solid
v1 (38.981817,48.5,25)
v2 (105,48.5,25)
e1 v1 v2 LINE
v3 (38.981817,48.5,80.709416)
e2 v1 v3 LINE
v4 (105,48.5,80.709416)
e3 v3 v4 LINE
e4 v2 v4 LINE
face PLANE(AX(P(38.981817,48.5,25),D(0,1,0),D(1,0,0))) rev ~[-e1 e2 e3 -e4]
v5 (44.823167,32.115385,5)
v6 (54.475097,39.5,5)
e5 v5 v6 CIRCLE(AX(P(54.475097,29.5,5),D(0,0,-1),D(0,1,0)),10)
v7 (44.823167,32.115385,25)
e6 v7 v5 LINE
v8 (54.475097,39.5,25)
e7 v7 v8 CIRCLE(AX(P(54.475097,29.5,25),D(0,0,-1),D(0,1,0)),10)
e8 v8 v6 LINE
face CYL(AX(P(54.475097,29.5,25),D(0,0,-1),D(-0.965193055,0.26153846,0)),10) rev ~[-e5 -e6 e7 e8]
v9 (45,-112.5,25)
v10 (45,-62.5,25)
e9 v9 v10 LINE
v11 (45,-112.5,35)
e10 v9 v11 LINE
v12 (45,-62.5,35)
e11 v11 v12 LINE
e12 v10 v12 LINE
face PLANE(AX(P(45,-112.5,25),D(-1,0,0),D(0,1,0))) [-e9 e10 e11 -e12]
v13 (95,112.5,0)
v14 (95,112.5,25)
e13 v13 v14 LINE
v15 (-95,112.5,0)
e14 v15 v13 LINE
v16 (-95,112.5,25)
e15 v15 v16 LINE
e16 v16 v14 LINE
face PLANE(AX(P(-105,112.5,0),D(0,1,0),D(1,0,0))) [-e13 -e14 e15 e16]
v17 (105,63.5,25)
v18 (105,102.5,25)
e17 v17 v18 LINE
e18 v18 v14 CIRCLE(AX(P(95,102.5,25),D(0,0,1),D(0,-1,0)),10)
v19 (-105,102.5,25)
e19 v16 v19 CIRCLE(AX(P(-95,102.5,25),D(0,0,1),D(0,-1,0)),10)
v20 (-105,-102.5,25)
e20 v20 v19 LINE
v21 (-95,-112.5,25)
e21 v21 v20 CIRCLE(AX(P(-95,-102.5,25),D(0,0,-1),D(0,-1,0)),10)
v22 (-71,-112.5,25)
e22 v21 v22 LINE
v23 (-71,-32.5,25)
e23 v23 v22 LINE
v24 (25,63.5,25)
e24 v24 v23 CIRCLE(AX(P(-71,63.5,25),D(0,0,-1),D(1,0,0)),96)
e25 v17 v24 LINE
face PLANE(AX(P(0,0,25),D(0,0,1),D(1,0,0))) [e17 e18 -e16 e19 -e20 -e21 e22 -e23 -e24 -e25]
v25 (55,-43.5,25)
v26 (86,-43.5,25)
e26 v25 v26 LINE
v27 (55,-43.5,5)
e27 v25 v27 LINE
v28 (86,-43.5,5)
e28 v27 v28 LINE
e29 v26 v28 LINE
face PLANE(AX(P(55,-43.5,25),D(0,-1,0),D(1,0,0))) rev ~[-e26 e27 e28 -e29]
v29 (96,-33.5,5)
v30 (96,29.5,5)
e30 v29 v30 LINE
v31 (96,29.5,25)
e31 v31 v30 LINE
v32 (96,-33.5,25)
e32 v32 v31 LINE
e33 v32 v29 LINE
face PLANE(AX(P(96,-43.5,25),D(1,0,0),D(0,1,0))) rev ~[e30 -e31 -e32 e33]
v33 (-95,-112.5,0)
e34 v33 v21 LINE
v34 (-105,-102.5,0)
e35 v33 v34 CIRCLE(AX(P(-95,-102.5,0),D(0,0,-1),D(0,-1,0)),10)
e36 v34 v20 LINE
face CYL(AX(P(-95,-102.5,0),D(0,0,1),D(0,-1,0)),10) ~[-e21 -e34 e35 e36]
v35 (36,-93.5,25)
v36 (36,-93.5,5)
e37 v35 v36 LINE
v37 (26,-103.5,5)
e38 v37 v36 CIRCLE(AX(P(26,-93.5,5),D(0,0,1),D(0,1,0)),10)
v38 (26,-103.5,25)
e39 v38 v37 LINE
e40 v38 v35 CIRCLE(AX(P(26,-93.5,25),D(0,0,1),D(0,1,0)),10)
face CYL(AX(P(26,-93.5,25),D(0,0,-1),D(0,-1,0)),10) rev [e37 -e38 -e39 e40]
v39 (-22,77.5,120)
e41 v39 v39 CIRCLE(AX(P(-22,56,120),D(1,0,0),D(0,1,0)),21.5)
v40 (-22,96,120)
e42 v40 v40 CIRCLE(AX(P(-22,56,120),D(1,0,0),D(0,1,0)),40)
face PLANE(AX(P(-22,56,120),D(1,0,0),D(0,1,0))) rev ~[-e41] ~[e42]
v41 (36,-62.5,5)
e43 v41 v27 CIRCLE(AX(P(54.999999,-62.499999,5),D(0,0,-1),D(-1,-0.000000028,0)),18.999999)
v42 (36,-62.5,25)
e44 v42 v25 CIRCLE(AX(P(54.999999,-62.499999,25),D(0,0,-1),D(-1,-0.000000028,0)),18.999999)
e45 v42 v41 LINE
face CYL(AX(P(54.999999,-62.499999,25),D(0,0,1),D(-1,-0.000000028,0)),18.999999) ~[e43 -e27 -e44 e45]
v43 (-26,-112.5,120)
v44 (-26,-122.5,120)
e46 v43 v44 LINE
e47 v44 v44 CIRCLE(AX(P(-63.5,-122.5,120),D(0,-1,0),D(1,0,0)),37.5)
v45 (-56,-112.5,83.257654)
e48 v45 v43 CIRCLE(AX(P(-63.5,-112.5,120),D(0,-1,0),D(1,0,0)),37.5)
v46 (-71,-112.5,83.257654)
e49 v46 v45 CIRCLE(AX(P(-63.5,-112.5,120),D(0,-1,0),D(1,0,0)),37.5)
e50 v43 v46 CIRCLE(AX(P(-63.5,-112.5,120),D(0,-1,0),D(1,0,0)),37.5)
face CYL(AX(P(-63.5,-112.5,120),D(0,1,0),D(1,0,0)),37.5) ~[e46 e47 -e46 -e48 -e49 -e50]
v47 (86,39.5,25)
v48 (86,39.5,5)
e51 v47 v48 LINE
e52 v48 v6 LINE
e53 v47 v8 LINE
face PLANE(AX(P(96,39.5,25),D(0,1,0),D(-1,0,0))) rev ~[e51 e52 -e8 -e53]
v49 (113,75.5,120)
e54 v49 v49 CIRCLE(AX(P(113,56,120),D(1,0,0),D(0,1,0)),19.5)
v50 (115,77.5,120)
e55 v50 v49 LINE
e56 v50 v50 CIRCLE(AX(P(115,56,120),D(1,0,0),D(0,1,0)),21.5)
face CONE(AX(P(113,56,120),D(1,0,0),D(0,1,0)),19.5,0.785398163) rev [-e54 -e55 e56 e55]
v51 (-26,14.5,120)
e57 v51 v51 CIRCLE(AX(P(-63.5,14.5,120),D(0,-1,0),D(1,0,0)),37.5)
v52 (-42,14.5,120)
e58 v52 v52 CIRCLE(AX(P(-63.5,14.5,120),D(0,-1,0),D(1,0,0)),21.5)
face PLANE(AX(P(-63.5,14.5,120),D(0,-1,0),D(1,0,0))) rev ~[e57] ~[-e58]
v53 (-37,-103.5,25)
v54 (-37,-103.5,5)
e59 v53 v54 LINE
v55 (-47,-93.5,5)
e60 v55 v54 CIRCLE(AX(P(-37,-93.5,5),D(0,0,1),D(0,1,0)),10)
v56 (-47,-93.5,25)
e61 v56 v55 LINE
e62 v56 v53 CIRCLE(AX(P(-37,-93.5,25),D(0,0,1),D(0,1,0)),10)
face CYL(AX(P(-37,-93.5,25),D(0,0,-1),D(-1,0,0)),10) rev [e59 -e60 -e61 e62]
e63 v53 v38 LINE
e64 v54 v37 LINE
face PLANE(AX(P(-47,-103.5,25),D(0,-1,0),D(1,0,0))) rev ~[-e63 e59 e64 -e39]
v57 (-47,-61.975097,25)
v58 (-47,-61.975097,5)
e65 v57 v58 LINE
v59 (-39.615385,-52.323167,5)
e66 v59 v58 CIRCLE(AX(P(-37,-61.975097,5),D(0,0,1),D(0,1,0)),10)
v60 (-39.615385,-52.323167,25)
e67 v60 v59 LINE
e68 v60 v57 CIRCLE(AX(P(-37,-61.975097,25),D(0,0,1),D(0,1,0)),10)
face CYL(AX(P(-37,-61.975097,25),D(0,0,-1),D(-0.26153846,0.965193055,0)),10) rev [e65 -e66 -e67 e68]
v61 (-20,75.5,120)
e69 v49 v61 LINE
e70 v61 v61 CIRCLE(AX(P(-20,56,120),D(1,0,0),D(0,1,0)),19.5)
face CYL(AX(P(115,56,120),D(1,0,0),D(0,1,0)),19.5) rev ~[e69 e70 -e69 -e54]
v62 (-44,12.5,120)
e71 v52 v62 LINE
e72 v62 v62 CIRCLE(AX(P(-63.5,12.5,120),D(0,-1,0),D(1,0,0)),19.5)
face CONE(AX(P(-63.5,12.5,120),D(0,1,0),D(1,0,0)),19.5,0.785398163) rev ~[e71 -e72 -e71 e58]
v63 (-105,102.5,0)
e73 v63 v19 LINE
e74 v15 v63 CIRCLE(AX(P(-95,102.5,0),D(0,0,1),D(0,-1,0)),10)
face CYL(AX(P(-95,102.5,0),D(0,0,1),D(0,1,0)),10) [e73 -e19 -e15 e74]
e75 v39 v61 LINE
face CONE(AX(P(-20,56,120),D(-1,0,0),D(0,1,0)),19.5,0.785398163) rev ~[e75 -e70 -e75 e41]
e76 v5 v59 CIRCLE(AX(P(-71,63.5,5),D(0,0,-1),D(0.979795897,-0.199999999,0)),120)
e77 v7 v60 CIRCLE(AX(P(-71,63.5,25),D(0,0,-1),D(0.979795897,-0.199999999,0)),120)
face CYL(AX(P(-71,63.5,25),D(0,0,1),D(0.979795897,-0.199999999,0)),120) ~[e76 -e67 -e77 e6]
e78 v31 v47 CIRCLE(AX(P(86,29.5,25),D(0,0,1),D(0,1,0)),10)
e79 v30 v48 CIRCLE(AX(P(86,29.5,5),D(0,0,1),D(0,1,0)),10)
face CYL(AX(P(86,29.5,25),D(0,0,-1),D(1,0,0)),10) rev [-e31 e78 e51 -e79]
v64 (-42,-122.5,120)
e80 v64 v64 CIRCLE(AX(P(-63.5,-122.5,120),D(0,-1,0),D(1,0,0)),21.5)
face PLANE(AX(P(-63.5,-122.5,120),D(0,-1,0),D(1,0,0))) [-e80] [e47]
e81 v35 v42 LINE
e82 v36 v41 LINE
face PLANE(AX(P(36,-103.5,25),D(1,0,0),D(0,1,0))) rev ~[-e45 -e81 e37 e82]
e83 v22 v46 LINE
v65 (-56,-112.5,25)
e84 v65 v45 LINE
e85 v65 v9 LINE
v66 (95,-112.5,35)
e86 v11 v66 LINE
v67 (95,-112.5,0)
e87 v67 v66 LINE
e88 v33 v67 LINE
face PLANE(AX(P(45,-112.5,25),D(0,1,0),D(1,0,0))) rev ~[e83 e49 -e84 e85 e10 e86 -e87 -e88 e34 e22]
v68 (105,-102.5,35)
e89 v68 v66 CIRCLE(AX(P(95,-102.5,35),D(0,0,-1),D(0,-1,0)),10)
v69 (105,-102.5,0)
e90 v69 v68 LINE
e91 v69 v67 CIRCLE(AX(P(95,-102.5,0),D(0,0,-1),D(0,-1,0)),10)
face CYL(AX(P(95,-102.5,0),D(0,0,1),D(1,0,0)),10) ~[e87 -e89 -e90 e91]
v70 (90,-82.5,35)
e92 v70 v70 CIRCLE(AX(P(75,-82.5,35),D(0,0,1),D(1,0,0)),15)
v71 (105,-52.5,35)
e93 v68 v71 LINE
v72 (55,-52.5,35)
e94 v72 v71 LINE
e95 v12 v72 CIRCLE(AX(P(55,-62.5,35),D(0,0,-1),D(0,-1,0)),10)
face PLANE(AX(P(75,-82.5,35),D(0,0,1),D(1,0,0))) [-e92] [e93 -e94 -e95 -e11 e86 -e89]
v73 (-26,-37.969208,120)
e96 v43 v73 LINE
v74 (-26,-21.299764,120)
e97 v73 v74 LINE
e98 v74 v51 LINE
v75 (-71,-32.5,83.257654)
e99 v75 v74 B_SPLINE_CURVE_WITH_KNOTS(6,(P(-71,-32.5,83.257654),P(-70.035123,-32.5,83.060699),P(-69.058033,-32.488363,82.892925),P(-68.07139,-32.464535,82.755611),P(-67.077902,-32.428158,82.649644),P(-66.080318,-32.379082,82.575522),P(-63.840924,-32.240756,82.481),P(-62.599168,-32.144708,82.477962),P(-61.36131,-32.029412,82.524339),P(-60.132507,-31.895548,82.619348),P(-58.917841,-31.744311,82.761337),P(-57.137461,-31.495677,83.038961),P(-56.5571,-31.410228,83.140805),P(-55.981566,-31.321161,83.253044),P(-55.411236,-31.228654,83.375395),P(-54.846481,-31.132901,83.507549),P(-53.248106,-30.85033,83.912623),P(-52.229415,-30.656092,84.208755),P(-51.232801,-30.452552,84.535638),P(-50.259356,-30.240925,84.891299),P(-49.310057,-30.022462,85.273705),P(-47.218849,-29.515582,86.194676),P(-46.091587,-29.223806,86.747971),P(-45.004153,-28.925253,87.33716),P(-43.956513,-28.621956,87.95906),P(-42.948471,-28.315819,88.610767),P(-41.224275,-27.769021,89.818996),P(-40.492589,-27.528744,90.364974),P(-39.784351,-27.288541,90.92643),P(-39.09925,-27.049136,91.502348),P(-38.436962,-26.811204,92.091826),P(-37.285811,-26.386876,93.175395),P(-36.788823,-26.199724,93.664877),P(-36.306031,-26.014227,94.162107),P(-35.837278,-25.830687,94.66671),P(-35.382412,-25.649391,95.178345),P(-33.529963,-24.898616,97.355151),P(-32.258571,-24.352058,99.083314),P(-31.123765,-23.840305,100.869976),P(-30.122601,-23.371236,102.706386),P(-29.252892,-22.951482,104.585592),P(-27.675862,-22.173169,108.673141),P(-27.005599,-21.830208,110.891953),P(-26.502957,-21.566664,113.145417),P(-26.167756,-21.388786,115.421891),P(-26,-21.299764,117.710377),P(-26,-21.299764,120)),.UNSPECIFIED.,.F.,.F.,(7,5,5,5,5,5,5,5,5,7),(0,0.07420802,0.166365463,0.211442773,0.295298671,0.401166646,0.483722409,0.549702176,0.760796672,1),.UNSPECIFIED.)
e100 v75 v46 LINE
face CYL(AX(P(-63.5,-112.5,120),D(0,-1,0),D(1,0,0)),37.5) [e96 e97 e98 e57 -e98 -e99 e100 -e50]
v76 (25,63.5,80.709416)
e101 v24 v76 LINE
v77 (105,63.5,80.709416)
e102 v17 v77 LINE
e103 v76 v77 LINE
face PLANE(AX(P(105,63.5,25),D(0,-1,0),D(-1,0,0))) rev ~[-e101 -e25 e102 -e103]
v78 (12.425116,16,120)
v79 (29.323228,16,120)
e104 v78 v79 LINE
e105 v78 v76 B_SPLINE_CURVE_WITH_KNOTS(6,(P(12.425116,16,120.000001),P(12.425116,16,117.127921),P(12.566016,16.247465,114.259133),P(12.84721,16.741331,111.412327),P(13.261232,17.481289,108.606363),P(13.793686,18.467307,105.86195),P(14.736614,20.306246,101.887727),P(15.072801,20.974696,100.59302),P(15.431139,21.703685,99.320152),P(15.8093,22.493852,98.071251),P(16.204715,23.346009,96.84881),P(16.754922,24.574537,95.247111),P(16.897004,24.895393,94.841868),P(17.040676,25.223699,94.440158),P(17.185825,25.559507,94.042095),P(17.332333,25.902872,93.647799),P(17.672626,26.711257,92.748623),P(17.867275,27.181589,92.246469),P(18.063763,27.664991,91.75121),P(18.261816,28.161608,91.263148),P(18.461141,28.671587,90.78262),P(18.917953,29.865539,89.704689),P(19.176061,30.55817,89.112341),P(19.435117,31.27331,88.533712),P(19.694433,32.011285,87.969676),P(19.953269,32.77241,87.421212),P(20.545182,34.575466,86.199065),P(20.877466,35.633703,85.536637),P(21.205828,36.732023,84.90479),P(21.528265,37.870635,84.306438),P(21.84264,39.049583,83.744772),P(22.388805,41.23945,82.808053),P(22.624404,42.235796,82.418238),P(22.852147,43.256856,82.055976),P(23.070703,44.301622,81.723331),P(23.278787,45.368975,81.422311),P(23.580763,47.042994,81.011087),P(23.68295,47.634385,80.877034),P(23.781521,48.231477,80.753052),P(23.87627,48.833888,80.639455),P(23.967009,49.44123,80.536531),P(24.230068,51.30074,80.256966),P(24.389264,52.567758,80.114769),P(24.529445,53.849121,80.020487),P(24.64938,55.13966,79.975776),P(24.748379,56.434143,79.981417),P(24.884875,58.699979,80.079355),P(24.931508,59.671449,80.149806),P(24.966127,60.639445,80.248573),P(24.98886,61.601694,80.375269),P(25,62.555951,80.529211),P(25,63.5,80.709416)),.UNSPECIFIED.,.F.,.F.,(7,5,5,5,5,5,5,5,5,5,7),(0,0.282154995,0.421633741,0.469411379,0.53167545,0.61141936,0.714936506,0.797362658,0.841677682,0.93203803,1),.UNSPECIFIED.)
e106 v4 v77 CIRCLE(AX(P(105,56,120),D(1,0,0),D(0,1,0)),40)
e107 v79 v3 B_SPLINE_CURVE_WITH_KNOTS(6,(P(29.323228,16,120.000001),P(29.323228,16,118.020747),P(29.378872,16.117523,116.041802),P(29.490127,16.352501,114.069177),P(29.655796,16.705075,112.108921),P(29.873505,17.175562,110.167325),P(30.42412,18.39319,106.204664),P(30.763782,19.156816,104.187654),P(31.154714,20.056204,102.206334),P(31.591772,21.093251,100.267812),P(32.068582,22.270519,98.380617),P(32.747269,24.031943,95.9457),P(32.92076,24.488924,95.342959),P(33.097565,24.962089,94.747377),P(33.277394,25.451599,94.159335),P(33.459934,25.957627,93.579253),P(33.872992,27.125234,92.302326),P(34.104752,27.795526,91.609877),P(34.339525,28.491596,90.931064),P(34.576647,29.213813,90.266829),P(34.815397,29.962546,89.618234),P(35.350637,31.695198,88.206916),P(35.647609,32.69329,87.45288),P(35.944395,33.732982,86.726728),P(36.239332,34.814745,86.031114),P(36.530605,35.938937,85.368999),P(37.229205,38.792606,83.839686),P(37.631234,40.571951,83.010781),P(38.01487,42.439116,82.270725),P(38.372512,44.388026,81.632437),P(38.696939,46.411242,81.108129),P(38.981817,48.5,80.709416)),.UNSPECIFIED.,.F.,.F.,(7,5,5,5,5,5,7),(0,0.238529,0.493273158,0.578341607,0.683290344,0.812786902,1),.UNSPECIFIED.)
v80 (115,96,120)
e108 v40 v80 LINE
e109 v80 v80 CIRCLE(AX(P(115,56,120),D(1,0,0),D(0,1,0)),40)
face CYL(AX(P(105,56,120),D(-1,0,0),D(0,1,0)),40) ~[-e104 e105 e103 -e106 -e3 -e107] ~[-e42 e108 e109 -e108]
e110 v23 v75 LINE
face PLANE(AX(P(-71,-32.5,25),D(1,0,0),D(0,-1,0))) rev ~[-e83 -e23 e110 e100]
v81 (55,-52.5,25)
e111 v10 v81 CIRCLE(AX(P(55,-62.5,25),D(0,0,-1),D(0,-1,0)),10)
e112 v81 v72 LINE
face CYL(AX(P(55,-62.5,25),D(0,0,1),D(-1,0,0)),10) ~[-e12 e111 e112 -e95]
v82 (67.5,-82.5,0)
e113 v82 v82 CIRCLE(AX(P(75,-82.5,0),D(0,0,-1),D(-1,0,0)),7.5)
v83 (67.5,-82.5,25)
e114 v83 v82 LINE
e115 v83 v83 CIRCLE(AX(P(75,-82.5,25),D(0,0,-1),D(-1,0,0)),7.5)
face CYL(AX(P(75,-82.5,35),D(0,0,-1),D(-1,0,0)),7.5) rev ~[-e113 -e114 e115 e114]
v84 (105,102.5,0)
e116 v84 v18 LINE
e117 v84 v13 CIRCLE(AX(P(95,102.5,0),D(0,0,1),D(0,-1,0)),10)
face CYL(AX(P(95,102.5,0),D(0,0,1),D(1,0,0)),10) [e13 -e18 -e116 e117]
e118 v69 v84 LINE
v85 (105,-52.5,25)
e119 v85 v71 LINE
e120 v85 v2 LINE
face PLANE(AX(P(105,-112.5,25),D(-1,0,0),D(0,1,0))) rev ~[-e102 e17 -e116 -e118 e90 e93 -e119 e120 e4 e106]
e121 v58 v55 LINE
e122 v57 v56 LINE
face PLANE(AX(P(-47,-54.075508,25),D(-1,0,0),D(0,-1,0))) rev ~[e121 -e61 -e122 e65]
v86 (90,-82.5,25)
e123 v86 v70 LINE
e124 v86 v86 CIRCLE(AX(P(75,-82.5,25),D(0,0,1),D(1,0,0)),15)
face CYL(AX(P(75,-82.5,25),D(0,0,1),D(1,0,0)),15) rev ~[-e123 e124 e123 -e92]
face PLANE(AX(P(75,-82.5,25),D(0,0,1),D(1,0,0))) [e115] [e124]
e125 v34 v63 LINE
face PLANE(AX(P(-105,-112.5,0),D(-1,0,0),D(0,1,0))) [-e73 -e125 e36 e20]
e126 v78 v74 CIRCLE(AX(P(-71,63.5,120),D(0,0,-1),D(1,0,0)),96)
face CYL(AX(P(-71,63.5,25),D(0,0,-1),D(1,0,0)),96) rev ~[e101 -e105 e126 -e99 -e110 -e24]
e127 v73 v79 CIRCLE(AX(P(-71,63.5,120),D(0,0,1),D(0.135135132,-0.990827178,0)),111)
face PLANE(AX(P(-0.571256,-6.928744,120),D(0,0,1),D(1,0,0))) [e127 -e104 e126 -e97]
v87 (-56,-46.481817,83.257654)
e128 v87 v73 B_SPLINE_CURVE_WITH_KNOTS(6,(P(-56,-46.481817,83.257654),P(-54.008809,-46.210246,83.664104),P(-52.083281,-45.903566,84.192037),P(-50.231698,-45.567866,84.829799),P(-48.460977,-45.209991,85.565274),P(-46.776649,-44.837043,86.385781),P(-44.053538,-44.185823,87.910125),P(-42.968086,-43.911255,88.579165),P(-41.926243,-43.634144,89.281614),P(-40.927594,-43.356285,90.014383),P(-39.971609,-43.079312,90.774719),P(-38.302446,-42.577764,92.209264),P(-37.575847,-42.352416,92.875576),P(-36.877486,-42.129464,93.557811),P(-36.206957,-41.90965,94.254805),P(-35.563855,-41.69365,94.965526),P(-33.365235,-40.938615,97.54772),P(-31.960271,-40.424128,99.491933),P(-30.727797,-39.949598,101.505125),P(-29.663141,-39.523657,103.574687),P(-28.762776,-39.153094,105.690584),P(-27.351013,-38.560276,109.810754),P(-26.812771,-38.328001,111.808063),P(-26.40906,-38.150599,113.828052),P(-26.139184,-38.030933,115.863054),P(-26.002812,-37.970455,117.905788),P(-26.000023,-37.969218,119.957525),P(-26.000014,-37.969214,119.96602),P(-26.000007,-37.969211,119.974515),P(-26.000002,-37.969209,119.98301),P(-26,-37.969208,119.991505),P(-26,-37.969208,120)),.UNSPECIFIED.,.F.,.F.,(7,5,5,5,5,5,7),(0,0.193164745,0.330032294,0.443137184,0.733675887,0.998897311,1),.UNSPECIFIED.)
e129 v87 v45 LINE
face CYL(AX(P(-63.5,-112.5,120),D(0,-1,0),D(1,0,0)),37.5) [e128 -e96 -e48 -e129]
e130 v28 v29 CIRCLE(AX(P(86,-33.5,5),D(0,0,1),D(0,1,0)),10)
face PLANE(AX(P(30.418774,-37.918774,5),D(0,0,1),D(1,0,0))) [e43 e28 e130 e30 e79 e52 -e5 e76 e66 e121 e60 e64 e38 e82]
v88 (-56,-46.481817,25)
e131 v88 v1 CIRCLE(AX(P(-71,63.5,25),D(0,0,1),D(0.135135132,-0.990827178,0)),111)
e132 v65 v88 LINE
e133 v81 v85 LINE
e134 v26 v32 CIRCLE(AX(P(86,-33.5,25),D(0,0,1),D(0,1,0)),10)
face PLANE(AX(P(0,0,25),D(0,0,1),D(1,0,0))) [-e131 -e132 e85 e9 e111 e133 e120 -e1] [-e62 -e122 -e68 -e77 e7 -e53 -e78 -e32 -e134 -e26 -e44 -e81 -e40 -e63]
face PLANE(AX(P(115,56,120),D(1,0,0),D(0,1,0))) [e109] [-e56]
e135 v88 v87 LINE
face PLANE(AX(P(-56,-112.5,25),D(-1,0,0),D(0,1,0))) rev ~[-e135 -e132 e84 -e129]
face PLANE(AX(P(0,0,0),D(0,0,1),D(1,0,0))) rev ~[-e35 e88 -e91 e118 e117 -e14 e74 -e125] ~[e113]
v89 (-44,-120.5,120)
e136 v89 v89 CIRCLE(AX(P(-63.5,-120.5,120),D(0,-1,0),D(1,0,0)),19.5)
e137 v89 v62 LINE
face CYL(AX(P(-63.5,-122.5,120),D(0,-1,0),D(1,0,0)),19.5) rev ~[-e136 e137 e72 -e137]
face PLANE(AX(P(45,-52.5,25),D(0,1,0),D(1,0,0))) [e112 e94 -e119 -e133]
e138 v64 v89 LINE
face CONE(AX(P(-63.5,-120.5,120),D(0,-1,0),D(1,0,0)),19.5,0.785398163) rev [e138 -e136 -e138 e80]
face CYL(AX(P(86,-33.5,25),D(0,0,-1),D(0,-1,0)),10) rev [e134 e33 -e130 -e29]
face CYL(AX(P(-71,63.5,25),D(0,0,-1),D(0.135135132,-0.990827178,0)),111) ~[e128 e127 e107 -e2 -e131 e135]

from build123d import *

# Parameters (mm, degrees)
F0_W            = 210
F0_H            = 225
F1_DEPTH        = 25
F3_DEPTH        = 95
F4_R            = 37.5
F5_DEPTH        = 10
F5_DEPTH_BACK   = 127
F6_R            = 40
F7_DEPTH        = 10
F7_DEPTH_BACK   = 127
F8_W            = 60
F8_H            = 60
F9_DEPTH        = 10
F10_R           = 10
F12_DEPTH       = 20
F14_D           = 15
F14_CBORE_D     = 30
F14_CBORE_DEPTH = 10
F15_R           = 10
F16_R           = 19.5
F17_DEPTH       = 235.001
F18_R           = 19.5
F19_DEPTH       = 220.001
F20_SIZE        = 2
F21_R           = 10


with BuildPart() as f1:
    # F0 (on Top) → F1 (new body)
    with BuildSketch(Plane.XY):
        Rectangle(F0_W, F0_H)
    extrude(amount=F1_DEPTH)

    # F2 (on face) → F3 (join)
    with BuildSketch(Plane.XY.offset(25)):
        with BuildLine():
            Line((-71, -32.5), (-71, -112.5))
            Line((-71, -112.5), (-56, -112.5))
            Line((-56, -112.5), (-56, -46.481817))
            ThreePointArc((-56, -46.481817), (7.488853, -14.988853), (38.981817, 48.5))
            Line((38.981817, 48.5), (105, 48.5))
            Line((105, 48.5), (105, 63.5))
            Line((105, 63.5), (25, 63.5))
            ThreePointArc((25, 63.5), (-3.117749, -4.382251), (-71, -32.5))
        make_face()
    extrude(amount=F3_DEPTH)

    # F4 (on face) → F5 (join, two sides)
    with BuildSketch(Plane.XZ.offset(112.5)) as f5_sk:
        with Locations((-63.5, 120)):
            Circle(F4_R)
    extrude(amount=F5_DEPTH)
    extrude(f5_sk.sketch, amount=-F5_DEPTH_BACK)

    # F6 (on face) → F7 (join, two sides)
    with BuildSketch(Plane.YZ.offset(105)) as f7_sk:
        with Locations((56, 120)):
            Circle(F6_R)
    extrude(amount=F7_DEPTH)
    extrude(f7_sk.sketch, amount=-F7_DEPTH_BACK)

    # F8 (on face) → F9 (join)
    with BuildSketch(Plane.XY.offset(25)):
        with Locations((75, -82.5)):
            Rectangle(F8_W, F8_H)
    extrude(amount=F9_DEPTH)

    # F10
    f10_edges = [f1.edges().sort_by_distance(p)[0] for p in [
        (45, -52.5, 30),
    ]]
    fillet(f10_edges, radius=F10_R)

    # F11 (on face) → F12 (cut)
    with BuildSketch(Plane.XY.offset(25)):
        with BuildLine():
            ThreePointArc((46.575508, 39.5), (13.852814, -21.352814), (-47, -54.075508))
            Line((-47, -54.075508), (-47, -103.5))
            Line((-47, -103.5), (36, -103.5))
            Line((36, -103.5), (36, -62.5))
            ThreePointArc((36, -62.5), (41.564971, -49.064971), (55, -43.5))
            Line((55, -43.5), (96, -43.5))
            Line((96, -43.5), (96, 39.5))
            Line((96, 39.5), (46.575508, 39.5))
        make_face()
    extrude(amount=-F12_DEPTH, mode=Mode.SUBTRACT)

    # F14 (through all)
    with Locations(Plane.XY.offset(35)):
        with Locations((75, -82.5)):
            CounterBoreHole(F14_D / 2, F14_CBORE_D / 2, F14_CBORE_DEPTH)

    # F15
    f15_edges = [f1.edges().sort_by_distance(p)[0] for p in [
        (-47, -54.075508, 15),
        (46.575508, 39.5, 15),
        (96, 39.5, 15),
        (96, -43.5, 15),
        (36, -103.5, 15),
        (-47, -103.5, 15),
    ]]
    fillet(f15_edges, radius=F15_R)

    # F16 (on face) → F17 (cut, through all)
    with BuildSketch(Plane.XZ.offset(122.5)):
        with Locations((-63.5, 120)):
            Circle(F16_R)
    extrude(amount=-F17_DEPTH, mode=Mode.SUBTRACT)

    # F18 (on face) → F19 (cut, through all)
    with BuildSketch(Plane.YZ.offset(115)):
        with Locations((56, 120)):
            Circle(F18_R)
    extrude(amount=-F19_DEPTH, mode=Mode.SUBTRACT)

    # F20
    f20_edges = [f1.edges().sort_by_distance(p)[0] for p in [
        (-83, -122.5, 120),
        (115, 36.5, 120),
        (-22, 36.5, 120),
        (-83, 14.5, 120),
    ]]
    chamfer(f20_edges, length=F20_SIZE)

    # F21
    f21_edges = [f1.edges().sort_by_distance(p)[0] for p in [
        (105, -112.5, 17.5),
        (-105, -112.5, 12.5),
        (-105, 112.5, 12.5),
        (105, 112.5, 12.5),
    ]]
    fillet(f21_edges, radius=F21_R)


solid = f1.part
